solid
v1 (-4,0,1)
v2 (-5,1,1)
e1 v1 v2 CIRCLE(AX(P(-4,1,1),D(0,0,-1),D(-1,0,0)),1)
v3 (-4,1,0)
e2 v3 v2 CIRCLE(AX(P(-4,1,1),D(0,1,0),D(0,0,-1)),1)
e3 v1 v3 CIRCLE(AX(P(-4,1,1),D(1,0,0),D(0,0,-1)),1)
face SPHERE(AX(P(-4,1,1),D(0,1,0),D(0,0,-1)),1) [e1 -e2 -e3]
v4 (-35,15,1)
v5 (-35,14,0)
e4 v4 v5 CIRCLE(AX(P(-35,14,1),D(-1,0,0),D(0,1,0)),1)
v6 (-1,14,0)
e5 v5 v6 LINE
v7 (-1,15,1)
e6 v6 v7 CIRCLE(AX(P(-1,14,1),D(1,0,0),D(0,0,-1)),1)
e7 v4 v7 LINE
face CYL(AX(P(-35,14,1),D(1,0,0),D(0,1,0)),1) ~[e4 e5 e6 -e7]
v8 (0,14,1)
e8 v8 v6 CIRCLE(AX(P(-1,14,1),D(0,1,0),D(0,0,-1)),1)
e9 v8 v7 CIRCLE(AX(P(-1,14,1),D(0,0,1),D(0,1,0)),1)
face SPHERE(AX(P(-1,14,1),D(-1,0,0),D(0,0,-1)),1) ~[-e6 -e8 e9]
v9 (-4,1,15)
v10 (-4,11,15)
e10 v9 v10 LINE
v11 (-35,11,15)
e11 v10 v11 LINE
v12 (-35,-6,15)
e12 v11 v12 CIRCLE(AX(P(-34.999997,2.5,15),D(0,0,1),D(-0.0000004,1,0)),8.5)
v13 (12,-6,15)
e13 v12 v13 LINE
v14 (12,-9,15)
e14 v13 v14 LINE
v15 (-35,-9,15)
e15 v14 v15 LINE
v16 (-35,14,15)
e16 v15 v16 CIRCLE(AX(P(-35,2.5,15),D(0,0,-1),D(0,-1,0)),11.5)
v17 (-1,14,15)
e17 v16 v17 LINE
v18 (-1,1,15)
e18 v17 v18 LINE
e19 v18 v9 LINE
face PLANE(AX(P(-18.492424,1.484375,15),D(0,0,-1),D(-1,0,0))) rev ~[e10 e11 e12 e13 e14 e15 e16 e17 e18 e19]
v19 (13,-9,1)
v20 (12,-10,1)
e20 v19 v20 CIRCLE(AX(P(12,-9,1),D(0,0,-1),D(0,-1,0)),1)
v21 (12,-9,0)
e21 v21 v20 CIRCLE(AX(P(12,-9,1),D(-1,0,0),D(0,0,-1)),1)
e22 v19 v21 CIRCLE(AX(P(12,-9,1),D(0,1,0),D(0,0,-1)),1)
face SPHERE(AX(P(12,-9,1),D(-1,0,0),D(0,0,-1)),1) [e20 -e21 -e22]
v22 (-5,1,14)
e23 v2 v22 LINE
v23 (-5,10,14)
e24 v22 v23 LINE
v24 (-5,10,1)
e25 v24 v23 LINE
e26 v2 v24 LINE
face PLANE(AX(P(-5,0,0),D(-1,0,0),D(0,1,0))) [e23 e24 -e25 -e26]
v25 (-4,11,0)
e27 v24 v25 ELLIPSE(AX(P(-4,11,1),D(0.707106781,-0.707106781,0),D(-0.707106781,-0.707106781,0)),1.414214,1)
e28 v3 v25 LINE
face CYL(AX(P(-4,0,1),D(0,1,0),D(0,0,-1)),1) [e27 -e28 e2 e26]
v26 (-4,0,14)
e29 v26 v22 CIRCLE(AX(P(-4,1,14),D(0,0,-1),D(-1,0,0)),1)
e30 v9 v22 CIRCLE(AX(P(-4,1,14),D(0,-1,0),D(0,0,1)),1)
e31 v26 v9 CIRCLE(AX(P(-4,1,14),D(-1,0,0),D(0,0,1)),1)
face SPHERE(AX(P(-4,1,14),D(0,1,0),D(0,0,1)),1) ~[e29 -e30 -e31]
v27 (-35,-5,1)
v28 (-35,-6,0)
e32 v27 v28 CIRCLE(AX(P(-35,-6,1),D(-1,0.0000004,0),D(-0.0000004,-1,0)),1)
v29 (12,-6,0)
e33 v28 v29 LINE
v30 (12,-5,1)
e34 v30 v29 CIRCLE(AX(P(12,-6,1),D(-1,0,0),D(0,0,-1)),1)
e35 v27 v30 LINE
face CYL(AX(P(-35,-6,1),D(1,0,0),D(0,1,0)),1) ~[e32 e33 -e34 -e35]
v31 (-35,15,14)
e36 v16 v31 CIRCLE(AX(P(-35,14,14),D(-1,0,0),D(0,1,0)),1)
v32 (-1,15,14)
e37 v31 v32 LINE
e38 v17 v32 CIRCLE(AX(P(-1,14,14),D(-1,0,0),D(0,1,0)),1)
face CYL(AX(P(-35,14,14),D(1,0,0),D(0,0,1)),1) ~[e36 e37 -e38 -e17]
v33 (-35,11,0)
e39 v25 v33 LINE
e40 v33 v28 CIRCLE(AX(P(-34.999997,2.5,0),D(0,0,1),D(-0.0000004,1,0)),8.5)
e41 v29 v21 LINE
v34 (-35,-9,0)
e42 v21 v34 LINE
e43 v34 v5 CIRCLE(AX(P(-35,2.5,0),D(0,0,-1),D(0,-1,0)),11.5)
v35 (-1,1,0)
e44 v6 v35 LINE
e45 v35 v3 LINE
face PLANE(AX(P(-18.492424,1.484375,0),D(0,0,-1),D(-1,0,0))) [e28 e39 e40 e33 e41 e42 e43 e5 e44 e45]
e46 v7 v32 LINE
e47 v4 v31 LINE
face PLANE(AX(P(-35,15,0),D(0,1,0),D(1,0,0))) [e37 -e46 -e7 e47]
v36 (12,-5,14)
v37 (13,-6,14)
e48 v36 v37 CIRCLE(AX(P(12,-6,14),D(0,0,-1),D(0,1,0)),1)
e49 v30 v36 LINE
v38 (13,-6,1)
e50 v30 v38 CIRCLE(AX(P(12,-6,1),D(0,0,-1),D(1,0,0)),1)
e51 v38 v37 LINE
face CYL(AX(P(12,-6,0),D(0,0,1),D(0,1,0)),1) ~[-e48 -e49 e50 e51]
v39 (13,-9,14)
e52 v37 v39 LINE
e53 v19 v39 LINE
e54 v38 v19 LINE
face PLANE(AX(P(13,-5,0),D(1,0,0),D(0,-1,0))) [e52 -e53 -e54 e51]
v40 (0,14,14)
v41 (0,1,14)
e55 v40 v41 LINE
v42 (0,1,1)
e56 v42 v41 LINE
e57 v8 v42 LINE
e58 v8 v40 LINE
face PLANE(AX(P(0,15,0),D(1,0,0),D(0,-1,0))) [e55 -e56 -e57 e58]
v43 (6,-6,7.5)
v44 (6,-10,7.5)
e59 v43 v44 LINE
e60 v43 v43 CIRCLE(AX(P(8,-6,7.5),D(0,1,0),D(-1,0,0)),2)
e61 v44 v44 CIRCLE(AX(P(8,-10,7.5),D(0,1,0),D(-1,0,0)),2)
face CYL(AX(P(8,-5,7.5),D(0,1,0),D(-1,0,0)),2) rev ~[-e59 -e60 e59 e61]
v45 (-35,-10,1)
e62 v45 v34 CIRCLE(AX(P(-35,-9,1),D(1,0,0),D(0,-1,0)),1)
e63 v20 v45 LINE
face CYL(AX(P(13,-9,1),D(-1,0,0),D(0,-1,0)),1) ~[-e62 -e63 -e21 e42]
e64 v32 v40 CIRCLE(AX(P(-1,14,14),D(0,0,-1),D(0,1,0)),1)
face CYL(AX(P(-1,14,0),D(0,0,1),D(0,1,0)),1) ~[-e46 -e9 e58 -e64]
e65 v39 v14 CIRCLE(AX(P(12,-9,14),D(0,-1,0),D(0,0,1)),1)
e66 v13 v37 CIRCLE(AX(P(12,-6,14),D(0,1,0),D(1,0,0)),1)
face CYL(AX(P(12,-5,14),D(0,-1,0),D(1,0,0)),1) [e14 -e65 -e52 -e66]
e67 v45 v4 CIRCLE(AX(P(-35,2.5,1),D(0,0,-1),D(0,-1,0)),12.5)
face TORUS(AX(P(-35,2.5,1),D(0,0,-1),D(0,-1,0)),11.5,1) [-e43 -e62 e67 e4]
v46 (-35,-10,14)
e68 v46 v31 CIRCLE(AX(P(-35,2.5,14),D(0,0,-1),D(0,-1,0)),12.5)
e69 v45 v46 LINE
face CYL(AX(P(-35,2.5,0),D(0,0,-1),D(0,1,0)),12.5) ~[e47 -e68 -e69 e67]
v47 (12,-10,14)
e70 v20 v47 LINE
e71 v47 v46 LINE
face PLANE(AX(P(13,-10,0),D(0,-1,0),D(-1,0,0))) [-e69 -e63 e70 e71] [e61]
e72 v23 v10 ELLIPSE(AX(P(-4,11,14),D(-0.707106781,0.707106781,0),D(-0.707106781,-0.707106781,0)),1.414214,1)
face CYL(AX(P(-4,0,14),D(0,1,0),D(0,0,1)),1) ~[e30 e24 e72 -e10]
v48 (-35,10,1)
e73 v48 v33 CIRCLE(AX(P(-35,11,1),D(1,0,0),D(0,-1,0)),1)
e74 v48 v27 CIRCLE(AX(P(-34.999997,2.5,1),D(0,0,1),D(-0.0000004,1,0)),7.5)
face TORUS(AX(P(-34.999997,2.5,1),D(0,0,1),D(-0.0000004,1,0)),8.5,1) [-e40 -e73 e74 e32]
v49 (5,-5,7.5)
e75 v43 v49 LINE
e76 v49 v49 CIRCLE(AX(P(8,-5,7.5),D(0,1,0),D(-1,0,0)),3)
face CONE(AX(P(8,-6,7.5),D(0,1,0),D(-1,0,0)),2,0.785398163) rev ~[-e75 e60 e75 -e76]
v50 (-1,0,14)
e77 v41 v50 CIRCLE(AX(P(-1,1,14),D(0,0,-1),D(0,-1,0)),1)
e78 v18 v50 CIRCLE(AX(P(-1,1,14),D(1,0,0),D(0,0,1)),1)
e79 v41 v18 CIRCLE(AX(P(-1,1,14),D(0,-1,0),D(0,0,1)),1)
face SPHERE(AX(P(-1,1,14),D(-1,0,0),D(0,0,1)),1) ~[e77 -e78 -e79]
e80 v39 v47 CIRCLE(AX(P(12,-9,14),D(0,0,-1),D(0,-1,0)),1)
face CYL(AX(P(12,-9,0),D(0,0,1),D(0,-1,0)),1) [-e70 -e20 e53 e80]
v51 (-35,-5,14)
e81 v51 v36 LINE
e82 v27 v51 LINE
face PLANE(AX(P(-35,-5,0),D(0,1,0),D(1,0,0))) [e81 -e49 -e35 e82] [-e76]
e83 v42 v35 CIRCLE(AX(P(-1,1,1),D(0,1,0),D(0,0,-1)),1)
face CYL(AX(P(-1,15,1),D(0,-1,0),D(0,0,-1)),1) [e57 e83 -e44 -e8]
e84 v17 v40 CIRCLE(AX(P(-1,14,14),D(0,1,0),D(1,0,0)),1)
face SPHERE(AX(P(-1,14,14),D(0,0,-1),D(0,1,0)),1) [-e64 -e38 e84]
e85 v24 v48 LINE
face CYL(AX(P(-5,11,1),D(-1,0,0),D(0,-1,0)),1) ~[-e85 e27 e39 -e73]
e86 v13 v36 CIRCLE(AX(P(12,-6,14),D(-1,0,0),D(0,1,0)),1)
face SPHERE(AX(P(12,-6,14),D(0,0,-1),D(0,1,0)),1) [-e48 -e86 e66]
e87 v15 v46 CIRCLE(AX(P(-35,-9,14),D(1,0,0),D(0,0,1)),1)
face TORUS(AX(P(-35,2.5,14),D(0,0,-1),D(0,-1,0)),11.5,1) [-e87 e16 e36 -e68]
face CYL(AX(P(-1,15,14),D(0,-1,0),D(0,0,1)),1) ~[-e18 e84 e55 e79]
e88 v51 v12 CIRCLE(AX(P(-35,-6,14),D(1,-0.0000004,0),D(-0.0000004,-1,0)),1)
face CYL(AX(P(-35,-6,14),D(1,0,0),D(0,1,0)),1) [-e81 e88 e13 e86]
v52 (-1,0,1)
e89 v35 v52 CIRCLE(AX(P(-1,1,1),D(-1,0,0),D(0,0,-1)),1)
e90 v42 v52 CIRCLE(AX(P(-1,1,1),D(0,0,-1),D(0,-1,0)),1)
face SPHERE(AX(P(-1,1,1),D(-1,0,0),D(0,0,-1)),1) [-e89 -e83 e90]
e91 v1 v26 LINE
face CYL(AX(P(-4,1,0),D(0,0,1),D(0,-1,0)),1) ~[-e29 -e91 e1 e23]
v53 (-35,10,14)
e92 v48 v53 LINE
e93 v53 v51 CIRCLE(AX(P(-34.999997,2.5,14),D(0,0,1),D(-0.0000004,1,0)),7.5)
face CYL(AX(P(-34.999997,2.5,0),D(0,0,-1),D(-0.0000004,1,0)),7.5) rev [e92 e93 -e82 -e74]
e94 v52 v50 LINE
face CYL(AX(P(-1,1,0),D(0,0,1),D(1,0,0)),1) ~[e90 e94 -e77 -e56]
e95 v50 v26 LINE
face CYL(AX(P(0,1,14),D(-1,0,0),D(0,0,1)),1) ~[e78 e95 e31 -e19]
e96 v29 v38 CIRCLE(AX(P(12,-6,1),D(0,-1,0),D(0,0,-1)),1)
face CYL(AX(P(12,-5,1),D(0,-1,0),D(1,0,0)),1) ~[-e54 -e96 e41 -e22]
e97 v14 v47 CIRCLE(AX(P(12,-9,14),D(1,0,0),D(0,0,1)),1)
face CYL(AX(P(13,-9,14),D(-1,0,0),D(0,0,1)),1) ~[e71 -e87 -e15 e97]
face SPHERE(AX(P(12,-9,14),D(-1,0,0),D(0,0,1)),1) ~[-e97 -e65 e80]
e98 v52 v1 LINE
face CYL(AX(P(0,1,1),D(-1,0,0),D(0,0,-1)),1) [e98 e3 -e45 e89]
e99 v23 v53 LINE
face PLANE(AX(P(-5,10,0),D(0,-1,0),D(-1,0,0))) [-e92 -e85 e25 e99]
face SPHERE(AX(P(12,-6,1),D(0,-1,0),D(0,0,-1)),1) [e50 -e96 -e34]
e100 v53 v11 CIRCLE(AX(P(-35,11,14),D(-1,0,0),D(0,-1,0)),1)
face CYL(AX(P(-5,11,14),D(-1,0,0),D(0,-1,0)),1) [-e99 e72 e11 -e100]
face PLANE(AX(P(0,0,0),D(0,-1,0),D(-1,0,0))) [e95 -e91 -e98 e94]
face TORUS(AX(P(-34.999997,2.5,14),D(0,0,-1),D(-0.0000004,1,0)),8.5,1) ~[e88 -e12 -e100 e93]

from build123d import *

# Parameters (mm, degrees)
PAD_DEPTH    = 15
SKETCH001_R  = 2
POCKET_DEPTH = 5
CHAMFER_SIZE = 1
FILLET_R     = 1


with BuildPart() as part:
    # Sketch → Pad (new body)
    with BuildSketch(Plane.XY):
        with BuildLine():
            Line((13, -10), (-35, -10))
            ThreePointArc((-35, 15), (-47.5, 2.5), (-35, -10))
            Line((-35, 15), (0, 15))
            Line((0, 15), (0, 0))
            Line((0, 0), (-5, 0))
            Line((-5, 0), (-5, 10))
            Line((-5, 10), (-35, 10))
            ThreePointArc((-35, 10), (-42.499997, 2.5), (-35, -5))
            Line((-35, -5), (13, -5))
            Line((13, -5), (13, -10))
        make_face()
    extrude(amount=PAD_DEPTH)

    # Sketch001 (on Face9 of Pad) → Pocket (cut)
    with BuildSketch(Plane(origin=(0, -5, 0), x_dir=(-1, 0, 0), z_dir=(0, 1, 0))):
        with Locations((-8, 7.5)):
            Circle(SKETCH001_R)
    extrude(amount=-POCKET_DEPTH, mode=Mode.SUBTRACT)

    # Chamfer
    chamfer_edges = [part.edges().sort_by_distance(p)[0] for p in [
        (10, -5, 7.5),
    ]]
    chamfer(chamfer_edges, length=CHAMFER_SIZE)

    # Fillet
    fillet_edges = [part.edges().sort_by_distance(p)[0] for p in [
        (-11, -10, 0),
        (13, -7.5, 0),
        (-11, -5, 0),
        (-20, 10, 0),
        (-5, 5, 0),
        (-2.5, 0, 0),
        (0, 7.5, 0),
        (13, -5, 7.5),
        (-11, -5, 15),
        (-17.5, 15, 0),
        (0, 15, 7.5),
        (-17.5, 15, 15),
        (-47.5, 2.5, 0),
        (-42.499997, 2.5, 0),
        (-47.5, 2.5, 15),
        (-20, 10, 15),
        (-42.499997, 2.5, 15),
        (-5, 5, 15),
        (-2.5, 0, 15),
        (0, 7.5, 15),
        (13, -7.5, 15),
        (-11, -10, 15),
        (-5, 0, 7.5),
        (0, 0, 7.5),
        (13, -10, 7.5),
    ]]
    fillet(fillet_edges, radius=FILLET_R)


solid = part.part
